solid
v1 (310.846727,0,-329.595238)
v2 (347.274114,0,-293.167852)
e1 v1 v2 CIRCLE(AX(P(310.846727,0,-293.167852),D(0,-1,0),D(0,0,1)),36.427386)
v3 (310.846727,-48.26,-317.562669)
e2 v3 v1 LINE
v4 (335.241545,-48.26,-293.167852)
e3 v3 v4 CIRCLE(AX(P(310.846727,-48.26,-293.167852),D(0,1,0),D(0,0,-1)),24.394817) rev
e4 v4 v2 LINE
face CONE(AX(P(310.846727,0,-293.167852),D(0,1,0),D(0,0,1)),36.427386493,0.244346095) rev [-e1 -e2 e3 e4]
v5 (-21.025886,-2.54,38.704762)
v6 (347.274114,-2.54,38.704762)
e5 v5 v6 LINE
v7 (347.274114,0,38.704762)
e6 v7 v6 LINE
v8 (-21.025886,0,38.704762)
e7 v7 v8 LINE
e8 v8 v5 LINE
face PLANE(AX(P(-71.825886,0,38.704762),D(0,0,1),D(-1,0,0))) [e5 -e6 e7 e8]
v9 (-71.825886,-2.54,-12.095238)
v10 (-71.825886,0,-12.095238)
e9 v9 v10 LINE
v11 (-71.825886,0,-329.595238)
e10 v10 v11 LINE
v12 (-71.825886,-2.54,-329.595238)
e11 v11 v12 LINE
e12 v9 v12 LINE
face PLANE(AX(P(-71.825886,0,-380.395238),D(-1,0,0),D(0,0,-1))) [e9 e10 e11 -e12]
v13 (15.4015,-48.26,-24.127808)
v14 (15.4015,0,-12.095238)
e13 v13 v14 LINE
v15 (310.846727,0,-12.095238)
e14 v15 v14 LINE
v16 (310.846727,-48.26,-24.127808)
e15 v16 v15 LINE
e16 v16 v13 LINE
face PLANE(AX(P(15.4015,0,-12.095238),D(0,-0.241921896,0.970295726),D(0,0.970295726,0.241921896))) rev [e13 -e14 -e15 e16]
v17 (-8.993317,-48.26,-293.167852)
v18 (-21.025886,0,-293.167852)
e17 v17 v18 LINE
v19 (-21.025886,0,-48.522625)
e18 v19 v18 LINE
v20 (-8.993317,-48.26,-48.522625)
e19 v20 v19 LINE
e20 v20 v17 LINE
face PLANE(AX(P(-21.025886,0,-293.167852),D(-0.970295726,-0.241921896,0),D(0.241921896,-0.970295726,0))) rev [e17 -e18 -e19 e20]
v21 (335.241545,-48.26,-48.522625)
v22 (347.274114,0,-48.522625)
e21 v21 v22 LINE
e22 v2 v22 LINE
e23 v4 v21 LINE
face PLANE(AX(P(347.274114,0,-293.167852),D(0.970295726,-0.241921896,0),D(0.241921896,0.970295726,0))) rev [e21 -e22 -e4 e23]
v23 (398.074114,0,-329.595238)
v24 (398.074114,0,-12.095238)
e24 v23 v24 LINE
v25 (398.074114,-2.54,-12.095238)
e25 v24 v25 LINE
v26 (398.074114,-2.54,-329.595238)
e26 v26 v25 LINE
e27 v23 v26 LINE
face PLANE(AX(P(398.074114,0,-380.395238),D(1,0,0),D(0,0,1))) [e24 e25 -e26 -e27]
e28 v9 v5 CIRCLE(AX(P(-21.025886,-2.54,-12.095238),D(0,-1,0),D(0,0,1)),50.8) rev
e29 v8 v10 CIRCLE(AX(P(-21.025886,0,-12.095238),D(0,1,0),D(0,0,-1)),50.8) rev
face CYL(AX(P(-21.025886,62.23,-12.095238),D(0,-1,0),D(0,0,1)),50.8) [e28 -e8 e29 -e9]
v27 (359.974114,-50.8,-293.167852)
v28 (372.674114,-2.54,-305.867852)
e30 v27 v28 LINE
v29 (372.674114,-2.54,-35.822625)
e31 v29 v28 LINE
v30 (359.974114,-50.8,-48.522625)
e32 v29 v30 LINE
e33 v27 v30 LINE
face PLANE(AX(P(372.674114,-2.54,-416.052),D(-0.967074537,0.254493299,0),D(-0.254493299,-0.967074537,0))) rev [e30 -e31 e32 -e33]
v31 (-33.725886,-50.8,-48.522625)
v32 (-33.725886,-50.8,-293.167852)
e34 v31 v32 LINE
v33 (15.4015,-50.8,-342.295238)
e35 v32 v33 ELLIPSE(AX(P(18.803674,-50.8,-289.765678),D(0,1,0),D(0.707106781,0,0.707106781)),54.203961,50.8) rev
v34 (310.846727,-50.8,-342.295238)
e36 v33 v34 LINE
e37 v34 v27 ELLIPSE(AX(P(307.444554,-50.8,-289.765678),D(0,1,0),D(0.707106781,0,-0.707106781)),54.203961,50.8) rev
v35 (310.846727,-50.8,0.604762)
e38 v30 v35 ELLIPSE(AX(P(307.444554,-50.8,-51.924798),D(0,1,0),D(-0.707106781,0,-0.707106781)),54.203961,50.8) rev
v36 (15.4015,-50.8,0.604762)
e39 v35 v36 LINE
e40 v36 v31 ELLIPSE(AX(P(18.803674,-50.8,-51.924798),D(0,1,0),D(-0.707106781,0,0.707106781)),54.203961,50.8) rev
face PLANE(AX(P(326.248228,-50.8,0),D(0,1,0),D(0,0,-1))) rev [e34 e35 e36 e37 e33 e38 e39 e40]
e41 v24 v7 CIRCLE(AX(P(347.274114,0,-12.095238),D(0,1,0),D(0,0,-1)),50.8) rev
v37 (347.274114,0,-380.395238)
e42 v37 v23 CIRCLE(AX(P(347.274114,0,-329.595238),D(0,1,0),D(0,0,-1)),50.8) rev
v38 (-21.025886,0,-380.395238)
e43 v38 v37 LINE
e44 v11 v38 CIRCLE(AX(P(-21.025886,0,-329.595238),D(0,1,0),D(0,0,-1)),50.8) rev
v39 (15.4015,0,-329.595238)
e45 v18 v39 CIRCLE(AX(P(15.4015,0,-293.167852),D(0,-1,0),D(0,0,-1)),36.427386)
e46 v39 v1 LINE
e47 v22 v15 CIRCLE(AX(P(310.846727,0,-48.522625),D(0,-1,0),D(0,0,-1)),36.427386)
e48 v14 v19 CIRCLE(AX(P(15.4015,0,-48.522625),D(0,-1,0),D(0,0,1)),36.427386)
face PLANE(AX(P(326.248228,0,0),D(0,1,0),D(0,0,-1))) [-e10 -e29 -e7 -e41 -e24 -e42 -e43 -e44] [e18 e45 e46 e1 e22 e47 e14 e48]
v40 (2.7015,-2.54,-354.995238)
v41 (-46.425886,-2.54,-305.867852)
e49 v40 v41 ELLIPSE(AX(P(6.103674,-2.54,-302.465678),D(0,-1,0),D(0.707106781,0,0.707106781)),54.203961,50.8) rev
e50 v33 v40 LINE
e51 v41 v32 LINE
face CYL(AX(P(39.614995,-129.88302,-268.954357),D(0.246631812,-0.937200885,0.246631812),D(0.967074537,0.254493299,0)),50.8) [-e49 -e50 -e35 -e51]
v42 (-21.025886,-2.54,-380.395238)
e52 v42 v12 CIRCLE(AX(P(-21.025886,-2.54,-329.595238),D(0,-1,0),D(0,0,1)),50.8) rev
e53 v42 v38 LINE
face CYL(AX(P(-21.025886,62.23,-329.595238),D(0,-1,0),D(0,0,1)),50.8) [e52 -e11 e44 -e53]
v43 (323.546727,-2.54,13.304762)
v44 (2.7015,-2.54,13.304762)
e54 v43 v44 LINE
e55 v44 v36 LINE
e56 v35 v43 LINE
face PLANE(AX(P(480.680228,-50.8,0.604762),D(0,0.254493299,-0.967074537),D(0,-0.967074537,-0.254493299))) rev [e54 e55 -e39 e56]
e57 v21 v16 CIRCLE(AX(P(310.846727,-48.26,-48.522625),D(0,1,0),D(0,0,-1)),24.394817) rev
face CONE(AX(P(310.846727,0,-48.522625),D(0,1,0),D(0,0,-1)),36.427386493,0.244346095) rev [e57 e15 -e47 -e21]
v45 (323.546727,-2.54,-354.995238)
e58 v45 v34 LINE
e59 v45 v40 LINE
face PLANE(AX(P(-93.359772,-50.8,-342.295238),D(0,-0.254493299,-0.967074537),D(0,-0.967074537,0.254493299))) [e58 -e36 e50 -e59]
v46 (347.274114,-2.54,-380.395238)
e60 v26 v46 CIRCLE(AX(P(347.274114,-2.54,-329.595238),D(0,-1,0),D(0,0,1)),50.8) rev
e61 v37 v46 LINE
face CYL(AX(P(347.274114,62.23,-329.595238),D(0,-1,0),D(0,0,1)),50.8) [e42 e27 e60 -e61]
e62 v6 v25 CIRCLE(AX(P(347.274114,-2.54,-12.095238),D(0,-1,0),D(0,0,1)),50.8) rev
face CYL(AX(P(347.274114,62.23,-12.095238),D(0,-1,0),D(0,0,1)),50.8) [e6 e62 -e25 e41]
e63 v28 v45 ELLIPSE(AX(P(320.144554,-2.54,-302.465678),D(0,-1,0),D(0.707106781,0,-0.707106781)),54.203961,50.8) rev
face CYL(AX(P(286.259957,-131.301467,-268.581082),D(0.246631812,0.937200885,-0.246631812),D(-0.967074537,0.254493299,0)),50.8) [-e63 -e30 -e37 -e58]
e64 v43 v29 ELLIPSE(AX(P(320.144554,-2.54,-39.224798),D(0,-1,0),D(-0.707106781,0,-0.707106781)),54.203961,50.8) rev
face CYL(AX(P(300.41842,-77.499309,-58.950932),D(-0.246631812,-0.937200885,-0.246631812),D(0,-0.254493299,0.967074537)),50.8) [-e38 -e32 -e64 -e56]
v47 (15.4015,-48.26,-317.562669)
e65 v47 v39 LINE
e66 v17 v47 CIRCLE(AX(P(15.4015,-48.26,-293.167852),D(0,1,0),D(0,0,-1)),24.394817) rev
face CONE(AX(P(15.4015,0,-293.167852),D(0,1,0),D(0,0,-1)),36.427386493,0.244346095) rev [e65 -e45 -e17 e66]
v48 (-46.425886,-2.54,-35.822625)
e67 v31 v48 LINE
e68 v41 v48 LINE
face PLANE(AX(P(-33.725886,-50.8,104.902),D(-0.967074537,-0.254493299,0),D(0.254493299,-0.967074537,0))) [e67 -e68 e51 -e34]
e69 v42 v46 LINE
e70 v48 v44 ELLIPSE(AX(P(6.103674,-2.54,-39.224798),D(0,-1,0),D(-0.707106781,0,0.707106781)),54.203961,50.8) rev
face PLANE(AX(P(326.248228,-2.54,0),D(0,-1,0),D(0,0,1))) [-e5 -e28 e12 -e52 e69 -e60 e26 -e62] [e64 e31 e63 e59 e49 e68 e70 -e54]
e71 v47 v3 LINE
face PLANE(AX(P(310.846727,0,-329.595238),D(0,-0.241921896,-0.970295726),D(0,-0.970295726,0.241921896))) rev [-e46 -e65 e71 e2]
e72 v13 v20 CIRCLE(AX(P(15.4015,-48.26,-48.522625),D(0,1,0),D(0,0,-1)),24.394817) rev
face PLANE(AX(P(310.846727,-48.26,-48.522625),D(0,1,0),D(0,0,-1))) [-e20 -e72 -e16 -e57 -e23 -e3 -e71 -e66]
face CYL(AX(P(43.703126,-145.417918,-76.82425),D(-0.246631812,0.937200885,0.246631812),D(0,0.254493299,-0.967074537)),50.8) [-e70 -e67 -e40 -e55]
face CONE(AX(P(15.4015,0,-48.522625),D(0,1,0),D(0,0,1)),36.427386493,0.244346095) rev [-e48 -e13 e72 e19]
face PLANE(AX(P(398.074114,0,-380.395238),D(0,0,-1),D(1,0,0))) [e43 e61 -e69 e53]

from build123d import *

# Parameters (mm, degrees)
SKETCH8_W                = 469.9
SKETCH8_H                = 419.1
BOSS_EXTRUDE1_DEPTH      = 50.8
CUT_EXTRUDE3_DEPTH       = 48.26
CUT_EXTRUDE4_DEPTH       = 48.26
CUT_EXTRUDE5_DEPTH       = 48.26
CUT_EXTRUDE6_DEPTH       = 48.26
CUT_EXTRUDE7_DEPTH       = 416.052
CUT_EXTRUDE8_DEPTH       = 69.342
CUT_EXTRUDE9_DEPTH       = 104.902
CUT_EXTRUDE9_DEPTH_BACK  = 516.128
CUT_EXTRUDE10_DEPTH      = 483.87
CUT_EXTRUDE10_DEPTH_BACK = 154.432
CUT_EXTRUDE11_DEPTH      = 419.608
CUT_EXTRUDE11_DEPTH_BACK = 113.03
FILLET1_R                = 50.8
FILLET2_R                = 50.8
FILLET3_R                = 50.8
FILLET4_R                = 50.8
CUT_EXTRUDE12_DEPTH      = 113.03
CUT_EXTRUDE13_DEPTH      = 113.03
CUT_EXTRUDE14_DEPTH      = 113.03
CUT_EXTRUDE15_DEPTH      = 113.03
CUT_EXTRUDE18_DEPTH      = 48.26
CUT_EXTRUDE18_TAPER      = 14
BODY_MOVE_COPY1_ANGLE    = 180


with BuildPart() as part:
    # Sketch8 → Boss-Extrude1 (new body)
    with BuildSketch(Plane(origin=(0, 0, 0), x_dir=(1, 0, 0), z_dir=(0, 1, 0))):
        with Locations((163.124113973, 170.845238095)):
            Rectangle(SKETCH8_W, SKETCH8_H)
    extrude(amount=-BOSS_EXTRUDE1_DEPTH)

    # Sketch9 → Cut-Extrude3 (cut)
    with BuildSketch(Plane(origin=(0, 0, 0), x_dir=(1, 0, 0), z_dir=(0, 1, 0))):
        Polygon((-46.425886027, -13.304761905), (372.674113973, -13.304761905), (398.074113973, -38.704761905), (-71.825886027, -38.704761905), align=None)
    extrude(amount=-CUT_EXTRUDE3_DEPTH, mode=Mode.SUBTRACT)

    # Sketch11 → Cut-Extrude4 (cut)
    with BuildSketch(Plane(origin=(0, 0, 0), x_dir=(1, 0, 0), z_dir=(0, 1, 0))):
        Polygon((-46.425886027, 354.995238095), (-46.425886027, -13.304761905), (-71.825886027, -38.704761905), (-71.825886027, 380.395238095), align=None)
    extrude(amount=-CUT_EXTRUDE4_DEPTH, mode=Mode.SUBTRACT)

    # Sketch13 → Cut-Extrude5 (cut)
    with BuildSketch(Plane(origin=(0, 0, 0), x_dir=(1, 0, 0), z_dir=(0, 1, 0))):
        Polygon((-46.425886027, 354.995238095), (372.674113973, 354.995238095), (398.074113973, 380.395238095), (-71.825886027, 380.395238095), align=None)
    extrude(amount=-CUT_EXTRUDE5_DEPTH, mode=Mode.SUBTRACT)

    # Sketch14 → Cut-Extrude6 (cut)
    with BuildSketch(Plane(origin=(0, 0, 0), x_dir=(1, 0, 0), z_dir=(0, 1, 0))):
        Polygon((398.074113973, 380.395238095), (372.674113973, 354.995238095), (372.674113973, -13.304761905), (398.074113973, -38.704761905), align=None)
    extrude(amount=-CUT_EXTRUDE6_DEPTH, mode=Mode.SUBTRACT)

    # Sketch16 → Cut-Extrude7 (cut)
    with BuildSketch(Plane.XY):
        Polygon((-46.425886027, 0), (-33.725886027, 0), (-46.425886027, -48.26), align=None)
    extrude(amount=-CUT_EXTRUDE7_DEPTH, mode=Mode.SUBTRACT)

    # Sketch17 → Cut-Extrude8 (cut)
    with BuildSketch(Plane.XY):
        Polygon((-33.725886027, 0), (-46.425886027, 0), (-46.425886027, -48.26), align=None)
    extrude(amount=CUT_EXTRUDE8_DEPTH, mode=Mode.SUBTRACT)

    # Sketch18 → Cut-Extrude9 (cut, two sides: drawn at the far end of the back side and taken through both)
    with BuildSketch(Plane.XY.offset(-CUT_EXTRUDE9_DEPTH_BACK)):
        Polygon((372.674113973, 0), (359.974113973, 0), (372.674113973, -48.26), align=None)
    extrude(amount=CUT_EXTRUDE9_DEPTH + CUT_EXTRUDE9_DEPTH_BACK, mode=Mode.SUBTRACT)

    # Sketch19 → Cut-Extrude10 (cut, two sides: drawn at the far end of the back side and taken through both)
    with BuildSketch(Plane(origin=(0, 0, 0), x_dir=(0, 0, -1), z_dir=(1, 0, 0)).offset(-CUT_EXTRUDE10_DEPTH_BACK)):
        Polygon((-13.304761905, 0), (-0.604761905, 0), (-13.304761905, -48.26), align=None)
    extrude(amount=CUT_EXTRUDE10_DEPTH + CUT_EXTRUDE10_DEPTH_BACK, mode=Mode.SUBTRACT)

    # Sketch20 → Cut-Extrude11 (cut, two sides: drawn at the far end of the back side and taken through both)
    with BuildSketch(Plane(origin=(0, 0, 0), x_dir=(0, 0, -1), z_dir=(1, 0, 0)).offset(-CUT_EXTRUDE11_DEPTH_BACK)):
        Polygon((354.995238095, 0), (342.295238095, 0), (354.995238095, -48.26), align=None)
    extrude(amount=CUT_EXTRUDE11_DEPTH + CUT_EXTRUDE11_DEPTH_BACK, mode=Mode.SUBTRACT)

    # Fillet1
    fillet1_edges = [part.edges().sort_by_distance(p)[0] for p in [
        (-40.075886027, -24.13, 6.954761905),
    ]]
    fillet(fillet1_edges, radius=FILLET1_R)

    # Fillet2
    fillet2_edges = [part.edges().sort_by_distance(p)[0] for p in [
        (-40.075886027, -24.13, -348.645238095),
    ]]
    fillet(fillet2_edges, radius=FILLET2_R)

    # Fillet3
    fillet3_edges = [part.edges().sort_by_distance(p)[0] for p in [
        (366.324113973, -24.13, -348.645238095),
    ]]
    fillet(fillet3_edges, radius=FILLET3_R)

    # Fillet4
    fillet4_edges = [part.edges().sort_by_distance(p)[0] for p in [
        (366.324113973, -24.13, 6.954761905),
    ]]
    fillet(fillet4_edges, radius=FILLET4_R)

    # Sketch24 → Cut-Extrude12 (cut)
    with BuildSketch(Plane(origin=(0, 0, 0), x_dir=(1, 0, 0), z_dir=(0, 1, 0))):
        with BuildLine():
            Line((-71.825886027, -38.704761905), (-21.025886027, -38.704761905))
            ThreePointArc((-21.025886027, -38.704761905), (-56.946910511, -23.825786389), (-71.825886027, 12.095238095))
            Line((-71.825886027, 12.095238095), (-71.825886027, -38.704761905))
        make_face()
    extrude(amount=-CUT_EXTRUDE12_DEPTH, mode=Mode.SUBTRACT)

    # Sketch25 → Cut-Extrude13 (cut)
    with BuildSketch(Plane(origin=(0, 0, 0), x_dir=(1, 0, 0), z_dir=(0, 1, 0))):
        with BuildLine():
            Line((-71.825886027, 380.395238095), (-21.025886027, 380.395238095))
            ThreePointArc((-21.025886027, 380.395238095), (-56.946910511, 365.51626258), (-71.825886027, 329.595238095))
            Line((-71.825886027, 329.595238095), (-71.825886027, 380.395238095))
        make_face()
    extrude(amount=-CUT_EXTRUDE13_DEPTH, mode=Mode.SUBTRACT)

    # Sketch26 → Cut-Extrude14 (cut)
    with BuildSketch(Plane(origin=(0, 0, 0), x_dir=(1, 0, 0), z_dir=(0, 1, 0))):
        with BuildLine():
            Line((398.074113973, 380.395238095), (347.274113973, 380.395238095))
            ThreePointArc((347.274113973, 380.395238095), (383.195138458, 365.51626258), (398.074113973, 329.595238095))
            Line((398.074113973, 329.595238095), (398.074113973, 380.395238095))
        make_face()
    extrude(amount=-CUT_EXTRUDE14_DEPTH, mode=Mode.SUBTRACT)

    # Sketch27 → Cut-Extrude15 (cut)
    with BuildSketch(Plane(origin=(0, 0, 0), x_dir=(1, 0, 0), z_dir=(0, 1, 0))):
        with BuildLine():
            Line((398.074113973, -38.704761905), (347.274113973, -38.704761905))
            ThreePointArc((347.274113973, -38.704761905), (383.195138458, -23.825786389), (398.074113973, 12.095238095))
            Line((398.074113973, 12.095238095), (398.074113973, -38.704761905))
        make_face()
    extrude(amount=-CUT_EXTRUDE15_DEPTH, mode=Mode.SUBTRACT)

    # Sketch29 → Cut-Extrude18 (cut)
    with BuildSketch(Plane(origin=(0, -50.8, 0), x_dir=(1, 0, 0), z_dir=(0, 1, 0))):
        with BuildLine():
            ThreePointArc((310.846727481, 12.095238095), (336.604779491, 22.764572578), (347.274113973, 48.522624588))
            Line((347.274113973, 48.522624588), (347.274113973, 293.167851602))
            ThreePointArc((347.274113973, 293.167851602), (336.604779491, 318.925903612), (310.846727481, 329.595238095))
            Line((310.846727481, 329.595238095), (15.401500466, 329.595238095))
            ThreePointArc((15.401500466, 329.595238095), (-10.356551544, 318.925903612), (-21.025886027, 293.167851602))
            Line((-21.025886027, 293.167851602), (-21.025886027, 48.522624588))
            ThreePointArc((-21.025886027, 48.522624588), (-10.356551544, 22.764572578), (15.401500466, 12.095238095))
            Line((15.401500466, 12.095238095), (310.846727481, 12.095238095))
        make_face()
    extrude(amount=CUT_EXTRUDE18_DEPTH, taper=CUT_EXTRUDE18_TAPER, mode=Mode.SUBTRACT)


with BuildPart() as part_1:
    # Body-Move/Copy1: moved
    add(part.part.rotate(Axis((163.124113973, -25.4, 0), (0, 0, 1)), BODY_MOVE_COPY1_ANGLE))


solid = part_1.part
